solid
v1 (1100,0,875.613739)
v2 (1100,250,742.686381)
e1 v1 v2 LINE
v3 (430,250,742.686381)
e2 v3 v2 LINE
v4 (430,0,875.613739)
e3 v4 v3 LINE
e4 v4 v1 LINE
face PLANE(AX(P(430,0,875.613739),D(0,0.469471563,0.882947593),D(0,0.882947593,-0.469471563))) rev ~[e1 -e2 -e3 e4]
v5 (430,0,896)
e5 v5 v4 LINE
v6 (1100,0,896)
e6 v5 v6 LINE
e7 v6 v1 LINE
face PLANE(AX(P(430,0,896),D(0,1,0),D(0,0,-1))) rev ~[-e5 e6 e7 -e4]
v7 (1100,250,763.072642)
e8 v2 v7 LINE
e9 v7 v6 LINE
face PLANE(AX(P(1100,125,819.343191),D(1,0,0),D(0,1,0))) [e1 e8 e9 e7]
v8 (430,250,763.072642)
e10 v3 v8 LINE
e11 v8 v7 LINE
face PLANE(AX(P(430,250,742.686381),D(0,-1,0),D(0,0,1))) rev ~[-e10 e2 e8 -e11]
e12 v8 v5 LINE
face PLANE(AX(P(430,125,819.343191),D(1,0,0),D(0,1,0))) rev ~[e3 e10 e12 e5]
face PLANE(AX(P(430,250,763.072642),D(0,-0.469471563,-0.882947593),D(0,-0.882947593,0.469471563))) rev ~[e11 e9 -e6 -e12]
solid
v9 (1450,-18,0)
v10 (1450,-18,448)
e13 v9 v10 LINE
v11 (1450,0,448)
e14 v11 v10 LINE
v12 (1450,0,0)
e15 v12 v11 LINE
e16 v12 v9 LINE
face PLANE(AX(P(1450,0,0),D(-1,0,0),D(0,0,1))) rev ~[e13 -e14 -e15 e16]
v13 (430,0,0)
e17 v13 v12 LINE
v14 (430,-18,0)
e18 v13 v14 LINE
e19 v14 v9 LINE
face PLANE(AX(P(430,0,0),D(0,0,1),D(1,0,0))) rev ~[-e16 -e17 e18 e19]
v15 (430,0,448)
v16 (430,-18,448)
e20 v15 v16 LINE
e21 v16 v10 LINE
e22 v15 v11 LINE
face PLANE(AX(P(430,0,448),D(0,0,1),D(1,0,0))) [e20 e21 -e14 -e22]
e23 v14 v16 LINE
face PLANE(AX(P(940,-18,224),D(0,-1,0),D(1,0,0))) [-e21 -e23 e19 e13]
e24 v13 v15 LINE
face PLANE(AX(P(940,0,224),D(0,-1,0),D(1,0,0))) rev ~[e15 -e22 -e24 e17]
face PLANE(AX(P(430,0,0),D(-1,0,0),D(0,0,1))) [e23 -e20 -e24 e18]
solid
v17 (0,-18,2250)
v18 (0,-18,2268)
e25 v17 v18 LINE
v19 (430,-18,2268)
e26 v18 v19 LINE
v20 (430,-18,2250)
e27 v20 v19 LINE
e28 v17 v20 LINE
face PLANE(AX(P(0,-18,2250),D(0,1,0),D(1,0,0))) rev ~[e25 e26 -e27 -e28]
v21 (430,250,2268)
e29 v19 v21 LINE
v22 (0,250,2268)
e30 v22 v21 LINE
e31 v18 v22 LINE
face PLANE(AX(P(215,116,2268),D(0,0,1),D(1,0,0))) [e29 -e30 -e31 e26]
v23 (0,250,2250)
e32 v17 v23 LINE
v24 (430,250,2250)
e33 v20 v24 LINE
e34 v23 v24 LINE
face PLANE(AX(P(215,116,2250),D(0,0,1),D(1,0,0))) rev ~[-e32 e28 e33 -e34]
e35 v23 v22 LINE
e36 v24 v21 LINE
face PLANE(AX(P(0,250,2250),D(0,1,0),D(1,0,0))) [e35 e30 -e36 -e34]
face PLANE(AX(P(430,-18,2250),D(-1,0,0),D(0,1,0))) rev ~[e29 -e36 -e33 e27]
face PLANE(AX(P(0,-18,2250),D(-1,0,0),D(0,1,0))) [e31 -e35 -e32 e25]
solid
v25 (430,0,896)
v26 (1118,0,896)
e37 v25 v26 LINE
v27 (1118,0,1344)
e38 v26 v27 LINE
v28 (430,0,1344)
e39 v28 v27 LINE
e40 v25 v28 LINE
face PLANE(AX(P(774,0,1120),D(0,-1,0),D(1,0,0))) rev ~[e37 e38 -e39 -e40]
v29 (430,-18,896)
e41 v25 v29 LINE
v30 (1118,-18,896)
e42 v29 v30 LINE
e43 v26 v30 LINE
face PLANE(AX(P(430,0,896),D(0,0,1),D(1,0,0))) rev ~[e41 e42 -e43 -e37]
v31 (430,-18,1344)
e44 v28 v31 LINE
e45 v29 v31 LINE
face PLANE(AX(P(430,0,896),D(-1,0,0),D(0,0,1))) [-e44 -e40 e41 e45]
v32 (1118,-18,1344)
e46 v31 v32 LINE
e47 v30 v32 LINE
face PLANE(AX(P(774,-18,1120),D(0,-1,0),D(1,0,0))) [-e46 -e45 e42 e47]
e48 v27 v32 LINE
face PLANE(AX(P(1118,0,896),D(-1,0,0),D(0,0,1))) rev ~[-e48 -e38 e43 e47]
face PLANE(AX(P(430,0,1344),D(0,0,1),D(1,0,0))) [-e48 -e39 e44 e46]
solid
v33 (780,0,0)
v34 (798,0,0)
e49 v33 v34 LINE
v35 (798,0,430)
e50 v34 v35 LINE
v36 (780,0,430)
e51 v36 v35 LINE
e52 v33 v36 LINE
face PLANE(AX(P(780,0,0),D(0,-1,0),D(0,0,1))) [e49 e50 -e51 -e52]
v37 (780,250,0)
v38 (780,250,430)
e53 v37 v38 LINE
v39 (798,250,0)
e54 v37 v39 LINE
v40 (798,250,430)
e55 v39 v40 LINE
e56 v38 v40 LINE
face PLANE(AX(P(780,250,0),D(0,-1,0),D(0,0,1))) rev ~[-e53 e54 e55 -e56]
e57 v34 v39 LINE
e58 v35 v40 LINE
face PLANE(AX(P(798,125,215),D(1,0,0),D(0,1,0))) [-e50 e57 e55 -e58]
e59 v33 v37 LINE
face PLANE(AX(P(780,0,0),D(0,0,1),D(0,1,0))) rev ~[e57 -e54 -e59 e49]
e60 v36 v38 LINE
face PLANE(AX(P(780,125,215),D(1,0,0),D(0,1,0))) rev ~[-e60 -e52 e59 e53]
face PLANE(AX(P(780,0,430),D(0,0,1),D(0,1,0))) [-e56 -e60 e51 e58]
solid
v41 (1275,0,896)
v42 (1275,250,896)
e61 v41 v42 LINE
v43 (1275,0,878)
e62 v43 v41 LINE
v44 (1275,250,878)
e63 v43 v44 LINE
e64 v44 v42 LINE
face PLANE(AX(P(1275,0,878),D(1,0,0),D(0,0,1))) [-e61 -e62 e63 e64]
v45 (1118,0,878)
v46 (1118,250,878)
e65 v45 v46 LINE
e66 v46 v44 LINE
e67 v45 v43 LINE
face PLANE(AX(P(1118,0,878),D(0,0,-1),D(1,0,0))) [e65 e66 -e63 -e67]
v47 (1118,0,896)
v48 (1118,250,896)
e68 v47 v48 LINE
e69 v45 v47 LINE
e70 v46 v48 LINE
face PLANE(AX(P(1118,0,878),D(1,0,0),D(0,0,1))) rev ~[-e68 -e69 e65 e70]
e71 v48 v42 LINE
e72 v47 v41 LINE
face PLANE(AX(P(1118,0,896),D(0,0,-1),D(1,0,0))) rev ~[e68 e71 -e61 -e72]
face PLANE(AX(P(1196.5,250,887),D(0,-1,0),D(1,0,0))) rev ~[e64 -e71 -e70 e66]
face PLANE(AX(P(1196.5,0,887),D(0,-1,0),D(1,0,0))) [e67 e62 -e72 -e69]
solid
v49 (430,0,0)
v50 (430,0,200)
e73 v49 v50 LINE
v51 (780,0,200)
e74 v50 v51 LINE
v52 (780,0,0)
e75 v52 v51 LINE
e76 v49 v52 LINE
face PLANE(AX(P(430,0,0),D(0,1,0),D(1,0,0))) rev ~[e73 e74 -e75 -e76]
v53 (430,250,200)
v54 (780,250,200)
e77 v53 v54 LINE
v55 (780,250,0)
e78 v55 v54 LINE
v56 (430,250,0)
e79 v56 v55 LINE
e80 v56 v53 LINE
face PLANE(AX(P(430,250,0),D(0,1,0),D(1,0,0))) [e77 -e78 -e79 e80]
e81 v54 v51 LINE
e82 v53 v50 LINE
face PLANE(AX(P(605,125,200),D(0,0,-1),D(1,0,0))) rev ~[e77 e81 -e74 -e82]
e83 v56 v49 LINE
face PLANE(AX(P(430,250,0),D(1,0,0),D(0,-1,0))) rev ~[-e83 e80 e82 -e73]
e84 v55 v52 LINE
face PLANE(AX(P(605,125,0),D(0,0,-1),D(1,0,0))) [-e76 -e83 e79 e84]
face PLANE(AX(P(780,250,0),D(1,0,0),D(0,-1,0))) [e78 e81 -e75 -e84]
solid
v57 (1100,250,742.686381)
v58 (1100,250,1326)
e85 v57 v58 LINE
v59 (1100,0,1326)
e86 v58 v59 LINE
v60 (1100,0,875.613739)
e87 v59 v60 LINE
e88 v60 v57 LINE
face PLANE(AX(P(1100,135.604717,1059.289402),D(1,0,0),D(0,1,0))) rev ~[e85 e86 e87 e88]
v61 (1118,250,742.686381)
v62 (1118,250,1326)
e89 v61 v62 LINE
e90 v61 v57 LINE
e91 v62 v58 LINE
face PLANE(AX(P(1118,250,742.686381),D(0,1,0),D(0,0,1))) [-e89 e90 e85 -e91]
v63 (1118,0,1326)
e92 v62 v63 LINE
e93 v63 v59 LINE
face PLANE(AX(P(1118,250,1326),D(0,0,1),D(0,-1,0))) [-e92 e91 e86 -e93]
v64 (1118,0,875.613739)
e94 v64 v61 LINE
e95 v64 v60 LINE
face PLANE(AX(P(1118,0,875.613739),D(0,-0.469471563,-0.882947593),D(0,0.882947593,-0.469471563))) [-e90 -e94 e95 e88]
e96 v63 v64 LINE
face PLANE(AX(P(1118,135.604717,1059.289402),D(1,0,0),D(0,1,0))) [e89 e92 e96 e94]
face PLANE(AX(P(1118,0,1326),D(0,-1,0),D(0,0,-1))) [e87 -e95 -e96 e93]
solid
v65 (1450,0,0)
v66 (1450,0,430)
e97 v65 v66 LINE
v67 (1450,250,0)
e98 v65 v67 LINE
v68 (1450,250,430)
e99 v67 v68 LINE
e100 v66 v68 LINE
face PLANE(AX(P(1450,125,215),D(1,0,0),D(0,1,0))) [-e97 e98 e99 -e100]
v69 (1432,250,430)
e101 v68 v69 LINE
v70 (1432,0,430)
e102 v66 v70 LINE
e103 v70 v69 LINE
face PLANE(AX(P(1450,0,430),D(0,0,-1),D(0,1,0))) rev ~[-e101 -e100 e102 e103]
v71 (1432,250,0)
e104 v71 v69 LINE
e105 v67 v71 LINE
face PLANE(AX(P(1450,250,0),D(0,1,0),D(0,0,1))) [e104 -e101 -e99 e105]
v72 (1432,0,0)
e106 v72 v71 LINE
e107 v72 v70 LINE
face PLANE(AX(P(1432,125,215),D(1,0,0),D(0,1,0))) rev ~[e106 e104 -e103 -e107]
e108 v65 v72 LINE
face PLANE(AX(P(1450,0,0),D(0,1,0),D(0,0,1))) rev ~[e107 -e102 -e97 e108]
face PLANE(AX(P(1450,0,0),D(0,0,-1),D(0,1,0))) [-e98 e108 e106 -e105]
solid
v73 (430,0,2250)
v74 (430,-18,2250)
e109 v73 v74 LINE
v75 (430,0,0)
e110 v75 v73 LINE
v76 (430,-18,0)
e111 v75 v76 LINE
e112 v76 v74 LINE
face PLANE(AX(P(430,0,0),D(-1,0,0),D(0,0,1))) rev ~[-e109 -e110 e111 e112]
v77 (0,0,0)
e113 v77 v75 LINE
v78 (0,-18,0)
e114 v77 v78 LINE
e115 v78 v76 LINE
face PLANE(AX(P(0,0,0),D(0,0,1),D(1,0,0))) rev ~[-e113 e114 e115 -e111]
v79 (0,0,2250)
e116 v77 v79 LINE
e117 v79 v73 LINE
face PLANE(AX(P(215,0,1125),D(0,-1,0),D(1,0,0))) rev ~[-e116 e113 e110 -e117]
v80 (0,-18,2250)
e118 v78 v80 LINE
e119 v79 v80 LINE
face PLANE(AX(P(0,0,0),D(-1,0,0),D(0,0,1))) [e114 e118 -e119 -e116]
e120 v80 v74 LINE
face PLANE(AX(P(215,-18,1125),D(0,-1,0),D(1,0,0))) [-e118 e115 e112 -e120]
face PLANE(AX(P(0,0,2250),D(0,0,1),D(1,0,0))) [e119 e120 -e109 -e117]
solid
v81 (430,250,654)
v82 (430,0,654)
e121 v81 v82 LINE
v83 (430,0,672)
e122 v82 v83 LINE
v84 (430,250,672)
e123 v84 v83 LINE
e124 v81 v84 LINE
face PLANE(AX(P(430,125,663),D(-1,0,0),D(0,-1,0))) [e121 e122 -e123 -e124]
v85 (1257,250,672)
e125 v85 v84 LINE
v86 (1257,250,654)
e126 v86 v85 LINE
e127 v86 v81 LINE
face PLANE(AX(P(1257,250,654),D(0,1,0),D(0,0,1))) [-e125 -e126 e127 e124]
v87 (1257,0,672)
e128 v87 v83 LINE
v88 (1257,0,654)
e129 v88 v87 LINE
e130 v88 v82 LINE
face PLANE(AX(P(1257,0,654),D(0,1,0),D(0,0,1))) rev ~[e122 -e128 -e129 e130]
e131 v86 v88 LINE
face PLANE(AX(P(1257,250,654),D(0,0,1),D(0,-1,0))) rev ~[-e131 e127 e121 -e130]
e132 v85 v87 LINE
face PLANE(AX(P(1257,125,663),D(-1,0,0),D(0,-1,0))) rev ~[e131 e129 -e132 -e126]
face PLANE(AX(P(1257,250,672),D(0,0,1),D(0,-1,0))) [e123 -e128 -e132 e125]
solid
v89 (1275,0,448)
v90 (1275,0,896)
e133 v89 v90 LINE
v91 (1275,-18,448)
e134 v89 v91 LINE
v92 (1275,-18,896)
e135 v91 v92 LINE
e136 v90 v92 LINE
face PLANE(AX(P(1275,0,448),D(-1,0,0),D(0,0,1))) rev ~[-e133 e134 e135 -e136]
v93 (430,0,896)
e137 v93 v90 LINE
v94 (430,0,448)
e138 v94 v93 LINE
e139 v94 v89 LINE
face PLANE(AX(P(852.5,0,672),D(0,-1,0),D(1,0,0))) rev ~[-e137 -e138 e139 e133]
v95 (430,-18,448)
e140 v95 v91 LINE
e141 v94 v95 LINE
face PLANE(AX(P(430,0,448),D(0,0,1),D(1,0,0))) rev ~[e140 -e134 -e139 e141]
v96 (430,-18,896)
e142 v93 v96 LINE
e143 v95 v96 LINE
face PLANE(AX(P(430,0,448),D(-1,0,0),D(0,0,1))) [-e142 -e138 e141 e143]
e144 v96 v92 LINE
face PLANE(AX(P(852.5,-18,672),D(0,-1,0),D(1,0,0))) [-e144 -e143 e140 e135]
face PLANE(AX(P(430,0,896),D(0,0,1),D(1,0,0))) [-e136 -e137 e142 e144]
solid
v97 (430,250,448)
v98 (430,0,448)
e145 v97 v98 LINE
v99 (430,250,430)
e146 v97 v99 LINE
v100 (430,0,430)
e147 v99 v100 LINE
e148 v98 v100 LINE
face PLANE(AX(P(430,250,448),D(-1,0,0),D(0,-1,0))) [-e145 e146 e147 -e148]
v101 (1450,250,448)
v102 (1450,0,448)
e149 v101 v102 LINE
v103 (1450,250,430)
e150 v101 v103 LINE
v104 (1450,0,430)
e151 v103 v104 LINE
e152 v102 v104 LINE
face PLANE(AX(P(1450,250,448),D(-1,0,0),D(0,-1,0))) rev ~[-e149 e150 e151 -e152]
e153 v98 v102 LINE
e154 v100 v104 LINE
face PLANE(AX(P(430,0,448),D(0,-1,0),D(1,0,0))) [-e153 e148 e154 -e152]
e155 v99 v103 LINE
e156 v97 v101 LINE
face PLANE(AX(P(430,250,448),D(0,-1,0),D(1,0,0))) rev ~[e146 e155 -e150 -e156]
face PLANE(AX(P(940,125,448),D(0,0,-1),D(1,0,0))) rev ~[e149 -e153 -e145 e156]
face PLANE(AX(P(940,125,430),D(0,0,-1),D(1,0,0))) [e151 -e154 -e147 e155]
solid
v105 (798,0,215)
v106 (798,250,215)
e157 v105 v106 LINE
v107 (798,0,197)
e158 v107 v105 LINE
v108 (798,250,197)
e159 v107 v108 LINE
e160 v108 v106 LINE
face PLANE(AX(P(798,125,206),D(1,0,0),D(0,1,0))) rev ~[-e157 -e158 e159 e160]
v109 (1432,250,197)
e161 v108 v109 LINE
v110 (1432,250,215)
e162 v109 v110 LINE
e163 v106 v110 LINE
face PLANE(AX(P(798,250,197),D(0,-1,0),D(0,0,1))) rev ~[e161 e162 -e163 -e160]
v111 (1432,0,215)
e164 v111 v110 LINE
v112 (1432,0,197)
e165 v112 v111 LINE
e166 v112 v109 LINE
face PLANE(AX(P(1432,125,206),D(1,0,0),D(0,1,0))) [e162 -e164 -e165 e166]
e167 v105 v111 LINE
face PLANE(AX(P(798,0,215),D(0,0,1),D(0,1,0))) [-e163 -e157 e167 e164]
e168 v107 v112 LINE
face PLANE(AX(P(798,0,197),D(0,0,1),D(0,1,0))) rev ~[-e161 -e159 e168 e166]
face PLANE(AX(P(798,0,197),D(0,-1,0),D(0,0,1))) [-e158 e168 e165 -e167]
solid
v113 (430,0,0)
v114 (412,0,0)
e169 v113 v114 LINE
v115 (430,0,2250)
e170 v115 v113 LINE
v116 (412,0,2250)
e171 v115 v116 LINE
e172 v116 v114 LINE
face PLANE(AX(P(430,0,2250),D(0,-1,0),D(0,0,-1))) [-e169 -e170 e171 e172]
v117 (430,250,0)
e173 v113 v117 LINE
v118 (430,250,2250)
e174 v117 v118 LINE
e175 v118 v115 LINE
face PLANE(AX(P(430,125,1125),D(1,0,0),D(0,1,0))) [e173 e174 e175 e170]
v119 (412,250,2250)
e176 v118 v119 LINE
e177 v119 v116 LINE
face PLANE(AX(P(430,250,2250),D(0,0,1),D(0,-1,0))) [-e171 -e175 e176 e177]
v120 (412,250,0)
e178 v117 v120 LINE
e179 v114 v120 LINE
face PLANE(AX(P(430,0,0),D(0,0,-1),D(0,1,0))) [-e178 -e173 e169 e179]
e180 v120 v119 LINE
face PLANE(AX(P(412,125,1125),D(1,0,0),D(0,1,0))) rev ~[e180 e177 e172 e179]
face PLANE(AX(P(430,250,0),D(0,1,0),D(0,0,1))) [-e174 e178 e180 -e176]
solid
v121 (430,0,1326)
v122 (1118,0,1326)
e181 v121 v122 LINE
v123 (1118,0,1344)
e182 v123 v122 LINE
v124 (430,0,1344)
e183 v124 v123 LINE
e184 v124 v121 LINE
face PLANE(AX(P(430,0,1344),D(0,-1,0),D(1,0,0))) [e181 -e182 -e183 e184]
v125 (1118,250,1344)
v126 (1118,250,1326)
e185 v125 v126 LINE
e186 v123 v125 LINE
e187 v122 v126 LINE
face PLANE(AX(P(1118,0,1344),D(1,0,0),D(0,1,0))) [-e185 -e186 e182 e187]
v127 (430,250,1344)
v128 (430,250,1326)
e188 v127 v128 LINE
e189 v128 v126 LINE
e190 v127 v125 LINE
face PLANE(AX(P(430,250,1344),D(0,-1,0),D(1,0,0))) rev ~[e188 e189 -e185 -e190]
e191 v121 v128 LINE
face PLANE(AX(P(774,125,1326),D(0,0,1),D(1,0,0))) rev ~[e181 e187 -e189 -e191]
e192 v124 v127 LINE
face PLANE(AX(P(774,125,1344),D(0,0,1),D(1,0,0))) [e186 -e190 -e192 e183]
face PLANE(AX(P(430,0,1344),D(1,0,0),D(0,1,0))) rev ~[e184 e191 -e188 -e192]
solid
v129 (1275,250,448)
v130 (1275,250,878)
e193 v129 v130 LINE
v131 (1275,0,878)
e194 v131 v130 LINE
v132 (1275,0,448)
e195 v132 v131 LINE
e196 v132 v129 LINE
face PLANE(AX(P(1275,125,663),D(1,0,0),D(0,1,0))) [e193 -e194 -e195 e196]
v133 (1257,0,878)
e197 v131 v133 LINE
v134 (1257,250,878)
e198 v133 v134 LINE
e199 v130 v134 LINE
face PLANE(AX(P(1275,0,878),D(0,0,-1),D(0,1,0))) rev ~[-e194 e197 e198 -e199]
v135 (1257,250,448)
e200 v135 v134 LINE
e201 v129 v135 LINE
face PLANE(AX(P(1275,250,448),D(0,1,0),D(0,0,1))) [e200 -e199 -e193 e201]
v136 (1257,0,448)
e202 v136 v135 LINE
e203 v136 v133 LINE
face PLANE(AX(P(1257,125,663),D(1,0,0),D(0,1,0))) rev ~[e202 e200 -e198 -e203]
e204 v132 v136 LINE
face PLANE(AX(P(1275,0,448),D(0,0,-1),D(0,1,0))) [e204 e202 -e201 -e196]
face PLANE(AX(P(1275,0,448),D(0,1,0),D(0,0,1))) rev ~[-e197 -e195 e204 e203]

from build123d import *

# Parameters (mm, degrees)
F3_W      = 688
F3_H      = 448
F4_DEPTH  = 18
F2_W      = 845
F2_H      = 448
F1_W      = 1020
F1_H      = 448
F0_W      = 430
F0_H      = 2250
F6_DEPTH  = 18
F7_W      = 250
F7_H      = 430
F8_DEPTH  = 18
F9_W      = 1020
F9_H      = 250
F10_DEPTH = 18
F11_W     = 250
F11_H     = 430
F12_DEPTH = 18
F13_W     = 350
F13_H     = 250
F14_DEPTH = 200
F15_W     = 430
F15_H     = 268
F16_DEPTH = 18
F17_W     = 250
F17_H     = 430
F18_DEPTH = 18
F19_W     = 250
F19_H     = 18
F20_DEPTH = 634
F21_W     = 250
F21_H     = 18
F22_DEPTH = 827
F24_W     = 688
F24_H     = 250
F25_DEPTH = 18
F27_DEPTH = 18
F29_DEPTH = 670
F28_W     = 157
F28_H     = 18
F30_DEPTH = 250
F31_DEPTH = 250


with BuildPart() as f4:
    # F3 (on Front) → F4 (new body)
    with BuildSketch(Plane.XZ):
        with Locations((774, 1120)):
            Rectangle(F3_W, F3_H)
    extrude(amount=F4_DEPTH)


with BuildPart() as f4b:
    # F2 (on Front) → F4, piece 2 (new body)
    with BuildSketch(Plane.XZ):
        with Locations((852.5, 672)):
            Rectangle(F2_W, F2_H)
    extrude(amount=F4_DEPTH)


with BuildPart() as f4c:
    # F1 (on Front) → F4, piece 3 (new body)
    with BuildSketch(Plane.XZ):
        with Locations((940, 224)):
            Rectangle(F1_W, F1_H)
    extrude(amount=F4_DEPTH)


with BuildPart() as f4d:
    # F0 (on Front) → F4, piece 4 (new body)
    with BuildSketch(Plane.XZ):
        with Locations((215, 1125)):
            Rectangle(F0_W, F0_H)
    extrude(amount=F4_DEPTH)


with BuildPart() as f6:
    # F5 (on face) → F6 (new body)
    with BuildSketch(Plane.YZ.offset(430)):
        Polygon((0, 896), (0, 0), (250, 0), (250, 2250), (0, 2250), (0, 1344), align=None)
    extrude(amount=-F6_DEPTH)


with BuildPart() as f8:
    # F7 (on face) → F8 (new body)
    with BuildSketch(Plane.YZ.offset(1275)):
        with Locations((125, 663)):
            Rectangle(F7_W, F7_H)
    extrude(amount=-F8_DEPTH)


with BuildPart() as f10:
    # F9 (on face) → F10 (new body)
    with BuildSketch(Plane(origin=(0, 0, 448), x_dir=(1, 0, 0), z_dir=(0, 0, -1))):
        with Locations((940, -125)):
            Rectangle(F9_W, F9_H)
    extrude(amount=F10_DEPTH)


with BuildPart() as f12:
    # F11 (on face) → F12 (new body)
    with BuildSketch(Plane.YZ.offset(1450)):
        with Locations((125, 215)):
            Rectangle(F11_W, F11_H)
    extrude(amount=-F12_DEPTH)


with BuildPart() as f14:
    # F13 (on face) → F14 (new body)
    with BuildSketch(Plane(origin=(0, 0, 0), x_dir=(1, 0, 0), z_dir=(0, 0, -1))):
        with Locations((605, -125)):
            Rectangle(F13_W, F13_H)
    extrude(amount=-F14_DEPTH)


with BuildPart() as f16:
    # F15 (on face) → F16 (new body)
    with BuildSketch(Plane.XY.offset(2250)):
        with Locations((215, 116)):
            Rectangle(F15_W, F15_H)
    extrude(amount=F16_DEPTH)


with BuildPart() as f18:
    # F17 (on face) → F18 (new body)
    with BuildSketch(Plane.YZ.offset(780)):
        with Locations((125, 215)):
            Rectangle(F17_W, F17_H)
    extrude(amount=F18_DEPTH)


with BuildPart() as f20:
    # F19 (on face) → F20 (new body, through all)
    with BuildSketch(Plane.YZ.offset(798)):
        with Locations((125, 206)):
            Rectangle(F19_W, F19_H)
    extrude(amount=F20_DEPTH)


with BuildPart() as f22:
    # F21 (on face) → F22 (new body, through all)
    with BuildSketch(Plane(origin=(1257, 0, 0), x_dir=(0, -1, 0), z_dir=(-1, 0, 0))):
        with Locations((-125, 663)):
            Rectangle(F21_W, F21_H)
    extrude(amount=F22_DEPTH)


with BuildPart() as f25:
    # F24 (on face) → F25 (new body)
    with BuildSketch(Plane.XY.offset(1344)):
        with Locations((774, 125)):
            Rectangle(F24_W, F24_H)
    extrude(amount=-F25_DEPTH)


with BuildPart() as f27:
    # F26 (on face) → F27 (new body)
    with BuildSketch(Plane.YZ.offset(1118)):
        Polygon((250, 1326), (0, 1326), (0, 896), (0, 875.6137390876), (250, 742.6863811722), align=None)
    extrude(amount=-F27_DEPTH)


with BuildPart() as f29:
    # F23 (on face) → F29 (new body, through all)
    with BuildSketch(Plane.YZ.offset(430)):
        Polygon((250, 742.6863811722), (250, 763.0726420846), (0, 896), (0, 875.6137390876), align=None)
    extrude(amount=F29_DEPTH)


with BuildPart() as f30:
    # F28 (on face) → F30 (new body, through all)
    with BuildSketch(Plane.XZ):
        with Locations((1196.5, 887)):
            Rectangle(F28_W, F28_H)
    extrude(amount=-F30_DEPTH)


with BuildPart() as f31:
    # F28 (on face) → F31 (new body, through all)
    with BuildSketch(Plane.XZ):
        with Locations((1196.5, 887)):
            Rectangle(F28_W, F28_H)
    extrude(amount=-F31_DEPTH)


solid = Compound([f4.part, f4b.part, f4c.part, f4d.part, f6.part, f8.part, f10.part, f12.part, f14.part, f16.part, f18.part, f20.part, f22.part, f25.part, f27.part, f29.part, f30.part])
